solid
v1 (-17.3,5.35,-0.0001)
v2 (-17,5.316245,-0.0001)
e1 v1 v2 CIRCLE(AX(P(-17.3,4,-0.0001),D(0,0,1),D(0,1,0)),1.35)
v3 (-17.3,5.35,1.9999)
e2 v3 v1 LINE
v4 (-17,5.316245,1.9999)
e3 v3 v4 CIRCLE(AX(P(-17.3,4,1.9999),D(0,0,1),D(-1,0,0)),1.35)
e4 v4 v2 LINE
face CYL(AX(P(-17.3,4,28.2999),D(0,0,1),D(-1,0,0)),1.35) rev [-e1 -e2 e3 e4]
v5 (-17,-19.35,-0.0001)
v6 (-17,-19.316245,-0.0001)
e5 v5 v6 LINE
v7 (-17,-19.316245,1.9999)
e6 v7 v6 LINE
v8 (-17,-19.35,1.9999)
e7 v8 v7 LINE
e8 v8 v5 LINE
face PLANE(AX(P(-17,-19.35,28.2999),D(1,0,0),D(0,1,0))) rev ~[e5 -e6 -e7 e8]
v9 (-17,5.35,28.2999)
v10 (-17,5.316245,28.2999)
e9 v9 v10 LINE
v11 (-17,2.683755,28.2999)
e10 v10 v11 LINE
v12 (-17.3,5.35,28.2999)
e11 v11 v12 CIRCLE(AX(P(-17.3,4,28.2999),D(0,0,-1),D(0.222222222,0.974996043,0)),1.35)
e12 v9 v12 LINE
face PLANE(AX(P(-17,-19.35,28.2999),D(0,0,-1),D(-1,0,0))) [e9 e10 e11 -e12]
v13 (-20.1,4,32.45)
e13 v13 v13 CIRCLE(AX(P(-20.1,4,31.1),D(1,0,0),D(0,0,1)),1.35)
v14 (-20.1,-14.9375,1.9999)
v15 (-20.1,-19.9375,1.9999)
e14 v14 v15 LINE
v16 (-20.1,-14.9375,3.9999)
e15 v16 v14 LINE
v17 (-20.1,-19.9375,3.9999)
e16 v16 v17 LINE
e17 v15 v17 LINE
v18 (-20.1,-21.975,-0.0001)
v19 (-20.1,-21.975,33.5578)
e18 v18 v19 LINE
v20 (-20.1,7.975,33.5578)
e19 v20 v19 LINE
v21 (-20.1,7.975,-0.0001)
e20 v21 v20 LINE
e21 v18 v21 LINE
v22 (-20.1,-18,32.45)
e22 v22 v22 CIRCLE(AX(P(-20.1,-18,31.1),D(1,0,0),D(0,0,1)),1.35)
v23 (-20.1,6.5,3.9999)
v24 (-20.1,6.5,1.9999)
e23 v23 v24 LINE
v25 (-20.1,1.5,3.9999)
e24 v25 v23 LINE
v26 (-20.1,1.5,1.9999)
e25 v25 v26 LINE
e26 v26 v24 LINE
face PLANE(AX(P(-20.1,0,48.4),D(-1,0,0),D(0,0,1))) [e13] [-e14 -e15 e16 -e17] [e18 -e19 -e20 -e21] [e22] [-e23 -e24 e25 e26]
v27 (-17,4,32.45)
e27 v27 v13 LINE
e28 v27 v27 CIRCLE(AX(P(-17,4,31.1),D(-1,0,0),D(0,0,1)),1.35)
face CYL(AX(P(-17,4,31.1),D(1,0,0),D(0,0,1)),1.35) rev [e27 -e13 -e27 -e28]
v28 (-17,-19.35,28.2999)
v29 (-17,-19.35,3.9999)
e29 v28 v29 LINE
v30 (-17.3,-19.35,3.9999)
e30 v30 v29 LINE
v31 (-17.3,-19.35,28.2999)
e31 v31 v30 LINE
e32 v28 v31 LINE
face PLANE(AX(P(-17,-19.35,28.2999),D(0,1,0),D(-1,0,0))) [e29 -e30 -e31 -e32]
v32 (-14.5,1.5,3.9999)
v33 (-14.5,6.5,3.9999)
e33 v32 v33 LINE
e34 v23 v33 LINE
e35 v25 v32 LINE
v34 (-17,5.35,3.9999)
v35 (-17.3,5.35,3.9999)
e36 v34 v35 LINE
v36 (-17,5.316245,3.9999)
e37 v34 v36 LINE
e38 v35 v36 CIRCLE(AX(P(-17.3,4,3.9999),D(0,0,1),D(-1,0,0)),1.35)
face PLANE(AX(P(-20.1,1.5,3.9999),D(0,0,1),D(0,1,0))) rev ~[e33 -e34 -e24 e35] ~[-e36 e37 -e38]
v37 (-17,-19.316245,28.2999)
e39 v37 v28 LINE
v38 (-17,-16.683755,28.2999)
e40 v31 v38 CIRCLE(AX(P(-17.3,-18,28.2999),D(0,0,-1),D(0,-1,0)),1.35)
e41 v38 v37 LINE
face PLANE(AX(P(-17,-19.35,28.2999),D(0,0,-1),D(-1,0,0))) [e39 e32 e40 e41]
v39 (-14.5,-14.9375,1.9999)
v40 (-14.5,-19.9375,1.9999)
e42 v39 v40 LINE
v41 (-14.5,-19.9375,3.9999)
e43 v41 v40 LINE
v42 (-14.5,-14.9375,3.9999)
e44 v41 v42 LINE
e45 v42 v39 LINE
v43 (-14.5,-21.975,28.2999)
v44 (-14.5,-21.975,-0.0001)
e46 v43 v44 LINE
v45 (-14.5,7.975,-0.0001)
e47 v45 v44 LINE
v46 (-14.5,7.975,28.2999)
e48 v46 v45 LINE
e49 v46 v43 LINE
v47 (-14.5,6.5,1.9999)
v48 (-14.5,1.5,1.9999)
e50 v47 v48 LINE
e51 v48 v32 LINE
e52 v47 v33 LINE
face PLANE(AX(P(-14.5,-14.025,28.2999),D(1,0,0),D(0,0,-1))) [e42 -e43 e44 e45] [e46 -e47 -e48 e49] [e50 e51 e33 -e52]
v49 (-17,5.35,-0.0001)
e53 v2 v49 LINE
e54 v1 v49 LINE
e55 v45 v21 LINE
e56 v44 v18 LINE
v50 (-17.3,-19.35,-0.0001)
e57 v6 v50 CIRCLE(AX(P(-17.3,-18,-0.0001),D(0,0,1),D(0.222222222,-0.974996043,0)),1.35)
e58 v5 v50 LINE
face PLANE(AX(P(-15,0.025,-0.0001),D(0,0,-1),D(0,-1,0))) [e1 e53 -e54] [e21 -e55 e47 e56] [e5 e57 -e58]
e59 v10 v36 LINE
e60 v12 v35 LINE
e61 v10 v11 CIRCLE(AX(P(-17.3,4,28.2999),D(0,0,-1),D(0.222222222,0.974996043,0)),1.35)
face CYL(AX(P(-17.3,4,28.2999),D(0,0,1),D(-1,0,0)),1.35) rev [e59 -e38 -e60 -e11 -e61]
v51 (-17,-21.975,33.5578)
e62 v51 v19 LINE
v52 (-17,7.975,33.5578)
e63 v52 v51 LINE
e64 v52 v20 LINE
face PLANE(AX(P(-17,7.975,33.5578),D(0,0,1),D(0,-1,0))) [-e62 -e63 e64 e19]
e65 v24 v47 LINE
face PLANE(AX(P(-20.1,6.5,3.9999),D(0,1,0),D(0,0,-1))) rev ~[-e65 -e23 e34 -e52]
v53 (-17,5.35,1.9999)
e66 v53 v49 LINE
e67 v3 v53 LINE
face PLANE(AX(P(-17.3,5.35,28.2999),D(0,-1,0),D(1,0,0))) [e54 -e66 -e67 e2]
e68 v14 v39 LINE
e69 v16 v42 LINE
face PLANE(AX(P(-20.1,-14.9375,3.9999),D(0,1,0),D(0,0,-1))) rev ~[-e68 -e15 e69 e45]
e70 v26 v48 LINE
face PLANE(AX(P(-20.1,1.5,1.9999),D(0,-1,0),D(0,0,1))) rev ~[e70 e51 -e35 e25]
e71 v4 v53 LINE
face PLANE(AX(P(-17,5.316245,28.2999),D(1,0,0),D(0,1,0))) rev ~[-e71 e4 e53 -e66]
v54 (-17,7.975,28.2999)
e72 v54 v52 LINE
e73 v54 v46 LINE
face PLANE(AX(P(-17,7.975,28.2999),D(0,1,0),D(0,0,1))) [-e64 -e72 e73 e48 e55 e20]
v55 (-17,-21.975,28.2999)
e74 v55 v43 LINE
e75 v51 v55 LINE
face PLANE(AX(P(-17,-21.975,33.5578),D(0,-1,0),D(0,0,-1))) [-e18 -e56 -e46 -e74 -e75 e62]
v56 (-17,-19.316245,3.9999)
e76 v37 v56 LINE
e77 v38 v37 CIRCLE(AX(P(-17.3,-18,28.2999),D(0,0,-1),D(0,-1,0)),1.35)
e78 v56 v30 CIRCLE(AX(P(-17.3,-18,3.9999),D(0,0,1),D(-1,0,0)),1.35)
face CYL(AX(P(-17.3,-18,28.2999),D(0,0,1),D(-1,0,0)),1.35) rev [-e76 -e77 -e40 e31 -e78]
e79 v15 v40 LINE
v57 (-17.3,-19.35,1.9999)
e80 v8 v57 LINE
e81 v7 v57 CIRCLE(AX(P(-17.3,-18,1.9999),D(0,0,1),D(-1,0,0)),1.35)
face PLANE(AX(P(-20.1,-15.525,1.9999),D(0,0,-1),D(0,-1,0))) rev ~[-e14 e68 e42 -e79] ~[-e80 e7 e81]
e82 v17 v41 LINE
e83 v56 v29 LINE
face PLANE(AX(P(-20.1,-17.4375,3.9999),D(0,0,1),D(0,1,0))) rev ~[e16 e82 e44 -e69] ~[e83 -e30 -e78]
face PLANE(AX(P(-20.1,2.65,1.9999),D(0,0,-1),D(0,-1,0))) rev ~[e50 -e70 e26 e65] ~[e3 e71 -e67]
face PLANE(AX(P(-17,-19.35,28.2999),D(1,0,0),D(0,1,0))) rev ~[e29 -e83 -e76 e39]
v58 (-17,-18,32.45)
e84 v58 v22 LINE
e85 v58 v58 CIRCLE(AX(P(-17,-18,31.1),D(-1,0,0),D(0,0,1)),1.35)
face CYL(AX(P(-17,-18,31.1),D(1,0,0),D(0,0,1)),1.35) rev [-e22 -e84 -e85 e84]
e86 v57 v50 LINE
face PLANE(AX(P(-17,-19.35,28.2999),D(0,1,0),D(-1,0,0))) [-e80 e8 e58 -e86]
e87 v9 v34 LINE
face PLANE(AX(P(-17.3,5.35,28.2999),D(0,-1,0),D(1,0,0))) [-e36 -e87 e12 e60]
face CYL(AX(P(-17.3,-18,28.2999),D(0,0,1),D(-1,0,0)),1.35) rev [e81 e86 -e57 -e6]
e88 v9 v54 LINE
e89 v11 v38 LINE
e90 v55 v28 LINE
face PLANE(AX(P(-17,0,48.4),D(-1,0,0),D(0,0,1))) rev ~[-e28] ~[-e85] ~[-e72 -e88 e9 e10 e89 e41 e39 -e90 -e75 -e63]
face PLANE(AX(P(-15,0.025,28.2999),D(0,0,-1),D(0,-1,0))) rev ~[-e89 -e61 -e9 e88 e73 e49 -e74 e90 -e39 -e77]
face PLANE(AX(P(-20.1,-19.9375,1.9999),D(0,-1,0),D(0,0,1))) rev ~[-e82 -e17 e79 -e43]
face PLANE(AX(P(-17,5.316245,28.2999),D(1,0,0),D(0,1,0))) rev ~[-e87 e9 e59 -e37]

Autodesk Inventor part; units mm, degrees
ref_plane "YZ Plane" through (0, 0, 0) normal (1, 0, 0) x (0, 1, 0)
ref_plane "XZ Plane" through (0, 0, 0) normal (0, 1, 0) x (-1, 0, 0)
ref_plane "XY Plane" through (0, 0, 0) normal (0, 0, 1) x (1, 0, 0)
ref_plane "작업 평면1" through (0, 0, 0) normal (0, 0, 1) x (1, 0, 0)
ref_plane "작업 평면2" through (-17, 0, 48.4) normal (-1, 0, 0) x (0, 0, 1)
sketch "스케치2" plane through (-17, 0, 48.4) normal (-1, 0, 0) x (0, 0, 1)
  line L0 (13.5, -39.75) -> (11.5, -39.75) projected
  arc A0 (11.5, -39.75) -> (9.25, -42) centre (11.5, -42) ccw projected
  line L1 (9.25, -42) -> (9.25, -44) projected
  arc A1 (8.25, -45) -> (9.25, -44) centre (8.25, -44) ccw projected
  line L2 (8.25, -45) -> (-8.25, -45) projected
  arc A2 (-9.25, -44) -> (-8.25, -45) centre (-8.25, -44) ccw projected
  line L3 (-9.25, -44) -> (-9.25, -42) projected
  arc A3 (-9.25, -42) -> (-11.5, -39.75) centre (-11.5, -42) ccw projected
  line L4 (-11.5, -39.75) -> (-13.5, -39.75) projected
  arc A4 (-14.5, -38.75) -> (-13.5, -39.75) centre (-13.5, -38.75) ccw projected
  line L5 (-14.5, -38.75) -> (-14.5, 8.25) projected
  arc A5 (-13.5, 9.25) -> (-14.5, 8.25) centre (-13.5, 8.25) ccw projected
  line L6 (-13.5, 9.25) -> (-11.5, 9.25) projected
  arc A6 (-11.5, 9.25) -> (-9.25, 11.5) centre (-11.5, 11.5) ccw projected
  line L7 (-9.25, 11.5) -> (-9.25, 14.5) projected
  line L8 (-15, 14.5) -> (-9.25, 14.5) projected
  line L9 (-20.1, 8.5) -> (-15, 14.5) projected
  line L10 (-20.1, -44.6) -> (-20.1, 8.5) projected
  line L11 (-15, -50.6) -> (-20.1, -44.6) projected
  line L12 (15, -50.6) -> (-15, -50.6) projected
  line L13 (20.1, -44.6) -> (15, -50.6) projected
  line L14 (20.1, 8.5) -> (20.1, -44.6) projected
  line L15 (15, 14.5) -> (20.1, 8.5) projected
  line L16 (9.25, 14.5) -> (15, 14.5) projected
  line L17 (9.25, 14.5) -> (9.25, 11.5) projected
  arc A7 (9.25, 11.5) -> (11.5, 9.25) centre (11.5, 11.5) ccw projected
  line L18 (11.5, 9.25) -> (13.5, 9.25) projected
  arc A8 (14.5, 8.25) -> (13.5, 9.25) centre (13.5, 8.25) ccw projected
  line L19 (14.5, 8.25) -> (14.5, -38.75) projected
  arc A9 (13.5, -39.75) -> (14.5, -38.75) centre (13.5, -38.75) ccw projected
  circle A10 centre (17.3, 4) radius 1.35 projected
  circle A11 centre (17.3, -18) radius 1.35 projected
  circle A12 centre (11, -47.8) radius 1.35 projected
  circle A13 centre (-17.3, 4) radius 1.35 projected
  circle A14 centre (-17.3, -18) radius 1.35 projected
  circle A15 centre (-11, -47.8) radius 1.35 projected
  circle A16 centre (17.3, -40) radius 1.35 projected
  circle A17 centre (-17.3, -40) radius 1.35 projected
  circle A18 centre (-17.3, -18) radius 2.8
  circle A19 centre (-17.3, 4) radius 2.8
  line L20 (-17.3, -18) -> (-17.3, 4)
  line L21 (-17.3, 4) -> (-17.3, -7)
  line L22 (-19.7531, 5.35) -> (-19.7531, -19.35)
  line L23 (-19.7531, -19.35) -> (-14.8469, -19.35)
  line L24 (-14.8469, -19.35) -> (-14.8469, 5.35)
  line L25 (-14.8469, 5.35) -> (-19.7531, 5.35)
  line L26 (-19.7531, 5.35) -> (-14.8469, -19.35) construction
  line L27 (-19.7531, -19.35) -> (-14.8469, 5.35) construction
  point P0 (-48.4, 0)
  point P1 (-19.7531, -19.35)
  point P2 (-14.8469, -19.35)
  point P3 (-14.8469, 5.35)
  point P4 (-19.7531, 5.35)
  dimension "d0" = 11
extrude "돌출1" add sketch "스케치2" along normal blind 3.1 contours A18 L23 | L23 A14 L20 A18 L24 | A18 L20 A19 L24 | L25 A19 | L24 A19 L20 A13 L25 | L22 A18 L20 A14 L23 | A18 L22 A19 L20 | L25 A13 L20 A19 L22
sketch "스케치3" plane through (-17, -19.35, 28.6469) normal (0, 0, -1) x (-1, 0, 0)
  line L0 (3.1, 24.7) -> (3.1, 0) projected
  line L1 (0, 0) -> (3.1, 0) projected
  line L2 (0, 24.7) -> (0, 0) projected
  line L3 (0, 0) -> (3.1, 0) projected
  line L4 (3.1, 24.7) -> (3.1, 0) projected
  line L5 (0, 24.7) -> (3.1, 24.7) projected
  point P0 (-17, 19.35)
extrude "돌출2" add sketch "스케치3" along normal blind 0.347
sketch "스케치4" plane through (-17, -19.35, 28.2999) normal (0, 0, -1) x (-1, 0, 0)
  line L0 (-4.5, 27.325) -> (-4.5, 25.825) projected
  line L1 (-4.5, 25.825) -> (-2.5, 25.825) projected
  line L2 (-2.5, 20.875) -> (-2.5, 25.825) projected
  line L3 (-4.5, 20.875) -> (-2.5, 20.875) projected
  line L4 (-4.5, 20.875) -> (-4.5, 19.375) projected
  line L5 (-4.5, 19.375) -> (-2, 19.375) projected
  line L6 (-2, 5.325) -> (-2, 19.375) projected
  line L7 (-2, 5.325) -> (-4.5, 5.325) projected
  line L8 (-4.5, 5.325) -> (-4.5, 3.825) projected
  line L9 (-4.5, 3.825) -> (-2.5, 3.825) projected
  line L10 (-2.5, -1.125) -> (-2.5, 3.825) projected
  line L11 (-4.5, -1.125) -> (-2.5, -1.125) projected
  line L12 (-4.5, -1.125) -> (-4.5, -2.625) projected
  line L13 (-4.5, -2.625) -> (-2, -2.625) projected
  line L14 (-2, -16.675) -> (-2, -2.625) projected
  line L15 (-2, -16.675) -> (-4.5, -16.675) projected
  line L16 (-4.5, -16.675) -> (-4.5, -18.175) projected
  line L17 (-4.5, -18.175) -> (-2.5, -18.175) projected
  line L18 (-2.5, -23.125) -> (-2.5, -18.175) projected
  line L19 (-4.5, -23.125) -> (-2.5, -23.125) projected
  line L20 (-4.5, -23.125) -> (-4.5, -24.625) projected
  line L21 (-4.5, -24.625) -> (-2, -24.625) projected
  line L22 (-2, -25.25) -> (-2, -24.625) projected
  line L23 (-2, -25.25) -> (0, -25.25) projected
  line L24 (0, -25.25) -> (0, 27.85) projected
  line L25 (-2, 27.85) -> (0, 27.85) projected
  line L26 (-2, 27.325) -> (-2, 27.85) projected
  line L27 (-2, 27.325) -> (-4.5, 27.325) projected
  line L28 (0, 0) -> (3.1, 0) projected
  line L29 (-2.5, 0) -> (0, 0)
  line L30 (3.1, 24.7) -> (0, 24.7) projected
  line L31 (-2.5, 24.7) -> (0, 24.7)
  line L32 (3.1, -2.625) -> (-2.5, -2.625) projected
  line L33 (-2.5, 27.325) -> (1.417, 27.325) projected
  line L34 (3.1, 24.7) -> (-2.5, 24.7)
  line L35 (-2.5, 24.7) -> (-2.5, 27.325)
  line L36 (-2.5, 27.325) -> (3.1, 27.325)
  line L37 (3.1, 27.325) -> (3.1, 24.7)
  line L38 (-2.5, 0) -> (3.1, 0)
  line L39 (3.1, 0) -> (3.1, -2.625)
  line L40 (3.1, -2.625) -> (-2.5, -2.625)
  line L41 (-2.5, -2.625) -> (-2.5, 0)
  line L42 (3.1, 23.9266) -> (3.1, -20.3266) projected
  line L43 (3.1, 0) -> (3.1, 24.7) projected
  circle A0 centre (0.3, 1.35) radius 1.35 projected
  circle A1 centre (0.3, 23.35) radius 1.35 projected
  point P0 (-17, 19.35)
  point P1 (1.417, 27.325)
  point P2 (-2.5, 25.825)
  point P3 (-2.5, -1.125)
  point P4 (-2.5, -2.625)
  point P5 (0.3, 24.7)
  point P6 (0, 24.6662)
  point P7 (0, 0.0338)
  point P8 (0.3, 0)
extrude "돌출3" add sketch "스케치4" along normal blind 28.3 contours L27 L33 L24 L31 L2 L35 | L31 L24 A1 A0 L29 L10 L9 L8 L7 L6 L5 L4 L3 L2 | L33 L36 L37 L30 L24 | L30 L43 L42 L28 A0 L24 A1 | L39 L32 L24 L28 | L24 L32 L13 L41 L10 L29
sketch "스케치6" plane through (-17, -19.35, -0.0001) normal (0, 0, -1) x (-1, 0, 0)
  point P0 (-17, 19.35)
sketch "스케치7" plane through (-20.1, 0, 48.4) normal (-1, 0, 0) x (0, 0, 1)
  line L0 (-20.1001, -15.525) -> (-48.4001, -15.525) projected
  line L1 (-20.1001, -19.35) -> (-48.4001, -19.35) projected
  line L2 (-48.4001, 2.65) -> (-20.1001, 2.65) projected
  line L3 (-20.1001, 5.35) -> (-48.4001, 5.35) projected
  line L4 (-48.4001, -19.35) -> (-45.4001, -19.35)
  line L5 (-45.4001, -19.35) -> (-45.4001, 5.35)
  line L6 (-43.3972, -19.35) -> (-43.3972, -17.4375)
  line L7 (-43.3972, -17.4375) -> (-45.4001, -17.4375)
  line L8 (-46.4001, -14.9375) -> (-46.4001, -19.9375)
  line L9 (-46.4001, -19.9375) -> (-44.4001, -19.9375)
  line L10 (-44.4001, -19.9375) -> (-44.4001, -14.9375)
  line L11 (-44.4001, -14.9375) -> (-46.4001, -14.9375)
  line L12 (-46.4001, -14.9375) -> (-44.4001, -19.9375) construction
  line L13 (-46.4001, -19.9375) -> (-44.4001, -14.9375) construction
  line L14 (-45.4001, 2.65) -> (-45.4001, 4)
  line L15 (-46.4001, 6.5) -> (-46.4001, 1.5)
  line L16 (-46.4001, 1.5) -> (-44.4001, 1.5)
  line L17 (-44.4001, 1.5) -> (-44.4001, 6.5)
  line L18 (-44.4001, 6.5) -> (-46.4001, 6.5)
  line L19 (-46.4001, 6.5) -> (-44.4001, 1.5) construction
  line L20 (-46.4001, 1.5) -> (-44.4001, 6.5) construction
  point P0 (-48.4, 0)
  dimension "d7" = 3
  dimension "d8" = 1.9125
  dimension "d9" = 2
  dimension "d10" = 1.35
  dimension "d11" = 5
  dimension "d12" = 5
  dimension "d13" = 2
extrude "돌출4" cut sketch "스케치7" against normal blind 6 contours L10 L7 L5 L0 | L16 L15 L2 L5 | L5 L2 L17 L16 | L0 L5 L11 L10 | L5 L1 L8 L0 | L0 L8 L11 L5 | L10 L1 L5 L7 | L10 L9 L8 L1 | L5 L3 L17 L2 | L2 L15 L3 L5 | L15 L18 L17 L3
sketch "스케치8" plane through (-17, 0, 48.4) normal (-1, 0, 0) x (0, 0, 1)
  line L0 (-20.1001, -21.975) -> (-20.1001, -19.35) projected
  line L1 (-20.1001, -21.975) -> (-20.1001, 7.975)
  line L2 (-20.1001, 7.975) -> (-14.8422, 7.975)
  line L3 (-14.8422, 7.975) -> (-14.8422, -21.975)
  line L4 (-14.8422, -21.975) -> (-20.1001, -21.975)
  arc A0 (-19.7531, -19.35) -> (-14.8469, -19.35) centre (-17.3, -18) ccw projected
  line L5 (-19.7531, -19.35) -> (-20.1001, -19.35) projected
  line L6 (-20.1001, -19.3162) -> (-20.1001, -19.35) projected
  line L7 (-20.1001, -16.6838) -> (-20.1001, -19.3162) projected
  line L8 (-20.1001, 2.6838) -> (-20.1001, -16.6838) projected
  line L9 (-20.1001, 5.3162) -> (-20.1001, 2.6838) projected
  line L10 (-20.1001, 5.35) -> (-20.1001, 5.3162) projected
  line L11 (-19.7531, 5.35) -> (-20.1001, 5.35) projected
  arc A1 (-14.8469, 5.35) -> (-19.7531, 5.35) centre (-17.3, 4) ccw projected
  line L12 (-14.8469, -19.35) -> (-14.8469, 5.35) projected
  circle A2 centre (-17.3, 4) radius 1.35 projected
  circle A3 centre (-17.3, -18) radius 1.35 projected
  point P0 (-48.4, 0)
  point P1 (-20.1001, 5.35)
  point P2 (-20.1001, -19.35)
extrude "돌출5" add sketch "스케치8" along normal blind 3.1 contours L0 L5 A0 L12 A1 L11 L1 L2 L3 L4
sketch "스케치9" plane through (-12.5, 0.025, 28.2999) normal (1, 0, 0) x (0, 0, -1)
  line L0 (0, 1.5) -> (0, 0) projected
  line L1 (0, 0) -> (28.3, 0) projected
  line L2 (28.3, 1.5) -> (28.3, 0) projected
  line L3 (0, 1.5) -> (28.3, 1.5) projected
  line L4 (0, -14.05) -> (0, -15.55) projected
  line L5 (0, -15.55) -> (28.3, -15.55) projected
  line L6 (28.3, -14.05) -> (28.3, -15.55) projected
  line L7 (0, -14.05) -> (28.3, -14.05) projected
  point P0 (28.2999, -0.025)
extrude "돌출6" cut sketch "스케치9" against normal up to surface (2 mm away)
sketch "스케치10" plane through (-15, -14.025, 28.2999) normal (1, 0, 0) x (0, 0, -1)
  line L0 (0, 14.05) -> (0, 0) projected
  line L1 (0, 0) -> (28.3, 0) projected
  line L2 (28.3, 14.05) -> (28.3, 0) projected
  line L3 (0, 14.05) -> (28.3, 14.05) projected
  point P0 (28.2999, 14.025)
extrude "돌출7" add sketch "스케치10" along normal up to surface (0.5 mm away)
properties part number "_108-64_adt"
